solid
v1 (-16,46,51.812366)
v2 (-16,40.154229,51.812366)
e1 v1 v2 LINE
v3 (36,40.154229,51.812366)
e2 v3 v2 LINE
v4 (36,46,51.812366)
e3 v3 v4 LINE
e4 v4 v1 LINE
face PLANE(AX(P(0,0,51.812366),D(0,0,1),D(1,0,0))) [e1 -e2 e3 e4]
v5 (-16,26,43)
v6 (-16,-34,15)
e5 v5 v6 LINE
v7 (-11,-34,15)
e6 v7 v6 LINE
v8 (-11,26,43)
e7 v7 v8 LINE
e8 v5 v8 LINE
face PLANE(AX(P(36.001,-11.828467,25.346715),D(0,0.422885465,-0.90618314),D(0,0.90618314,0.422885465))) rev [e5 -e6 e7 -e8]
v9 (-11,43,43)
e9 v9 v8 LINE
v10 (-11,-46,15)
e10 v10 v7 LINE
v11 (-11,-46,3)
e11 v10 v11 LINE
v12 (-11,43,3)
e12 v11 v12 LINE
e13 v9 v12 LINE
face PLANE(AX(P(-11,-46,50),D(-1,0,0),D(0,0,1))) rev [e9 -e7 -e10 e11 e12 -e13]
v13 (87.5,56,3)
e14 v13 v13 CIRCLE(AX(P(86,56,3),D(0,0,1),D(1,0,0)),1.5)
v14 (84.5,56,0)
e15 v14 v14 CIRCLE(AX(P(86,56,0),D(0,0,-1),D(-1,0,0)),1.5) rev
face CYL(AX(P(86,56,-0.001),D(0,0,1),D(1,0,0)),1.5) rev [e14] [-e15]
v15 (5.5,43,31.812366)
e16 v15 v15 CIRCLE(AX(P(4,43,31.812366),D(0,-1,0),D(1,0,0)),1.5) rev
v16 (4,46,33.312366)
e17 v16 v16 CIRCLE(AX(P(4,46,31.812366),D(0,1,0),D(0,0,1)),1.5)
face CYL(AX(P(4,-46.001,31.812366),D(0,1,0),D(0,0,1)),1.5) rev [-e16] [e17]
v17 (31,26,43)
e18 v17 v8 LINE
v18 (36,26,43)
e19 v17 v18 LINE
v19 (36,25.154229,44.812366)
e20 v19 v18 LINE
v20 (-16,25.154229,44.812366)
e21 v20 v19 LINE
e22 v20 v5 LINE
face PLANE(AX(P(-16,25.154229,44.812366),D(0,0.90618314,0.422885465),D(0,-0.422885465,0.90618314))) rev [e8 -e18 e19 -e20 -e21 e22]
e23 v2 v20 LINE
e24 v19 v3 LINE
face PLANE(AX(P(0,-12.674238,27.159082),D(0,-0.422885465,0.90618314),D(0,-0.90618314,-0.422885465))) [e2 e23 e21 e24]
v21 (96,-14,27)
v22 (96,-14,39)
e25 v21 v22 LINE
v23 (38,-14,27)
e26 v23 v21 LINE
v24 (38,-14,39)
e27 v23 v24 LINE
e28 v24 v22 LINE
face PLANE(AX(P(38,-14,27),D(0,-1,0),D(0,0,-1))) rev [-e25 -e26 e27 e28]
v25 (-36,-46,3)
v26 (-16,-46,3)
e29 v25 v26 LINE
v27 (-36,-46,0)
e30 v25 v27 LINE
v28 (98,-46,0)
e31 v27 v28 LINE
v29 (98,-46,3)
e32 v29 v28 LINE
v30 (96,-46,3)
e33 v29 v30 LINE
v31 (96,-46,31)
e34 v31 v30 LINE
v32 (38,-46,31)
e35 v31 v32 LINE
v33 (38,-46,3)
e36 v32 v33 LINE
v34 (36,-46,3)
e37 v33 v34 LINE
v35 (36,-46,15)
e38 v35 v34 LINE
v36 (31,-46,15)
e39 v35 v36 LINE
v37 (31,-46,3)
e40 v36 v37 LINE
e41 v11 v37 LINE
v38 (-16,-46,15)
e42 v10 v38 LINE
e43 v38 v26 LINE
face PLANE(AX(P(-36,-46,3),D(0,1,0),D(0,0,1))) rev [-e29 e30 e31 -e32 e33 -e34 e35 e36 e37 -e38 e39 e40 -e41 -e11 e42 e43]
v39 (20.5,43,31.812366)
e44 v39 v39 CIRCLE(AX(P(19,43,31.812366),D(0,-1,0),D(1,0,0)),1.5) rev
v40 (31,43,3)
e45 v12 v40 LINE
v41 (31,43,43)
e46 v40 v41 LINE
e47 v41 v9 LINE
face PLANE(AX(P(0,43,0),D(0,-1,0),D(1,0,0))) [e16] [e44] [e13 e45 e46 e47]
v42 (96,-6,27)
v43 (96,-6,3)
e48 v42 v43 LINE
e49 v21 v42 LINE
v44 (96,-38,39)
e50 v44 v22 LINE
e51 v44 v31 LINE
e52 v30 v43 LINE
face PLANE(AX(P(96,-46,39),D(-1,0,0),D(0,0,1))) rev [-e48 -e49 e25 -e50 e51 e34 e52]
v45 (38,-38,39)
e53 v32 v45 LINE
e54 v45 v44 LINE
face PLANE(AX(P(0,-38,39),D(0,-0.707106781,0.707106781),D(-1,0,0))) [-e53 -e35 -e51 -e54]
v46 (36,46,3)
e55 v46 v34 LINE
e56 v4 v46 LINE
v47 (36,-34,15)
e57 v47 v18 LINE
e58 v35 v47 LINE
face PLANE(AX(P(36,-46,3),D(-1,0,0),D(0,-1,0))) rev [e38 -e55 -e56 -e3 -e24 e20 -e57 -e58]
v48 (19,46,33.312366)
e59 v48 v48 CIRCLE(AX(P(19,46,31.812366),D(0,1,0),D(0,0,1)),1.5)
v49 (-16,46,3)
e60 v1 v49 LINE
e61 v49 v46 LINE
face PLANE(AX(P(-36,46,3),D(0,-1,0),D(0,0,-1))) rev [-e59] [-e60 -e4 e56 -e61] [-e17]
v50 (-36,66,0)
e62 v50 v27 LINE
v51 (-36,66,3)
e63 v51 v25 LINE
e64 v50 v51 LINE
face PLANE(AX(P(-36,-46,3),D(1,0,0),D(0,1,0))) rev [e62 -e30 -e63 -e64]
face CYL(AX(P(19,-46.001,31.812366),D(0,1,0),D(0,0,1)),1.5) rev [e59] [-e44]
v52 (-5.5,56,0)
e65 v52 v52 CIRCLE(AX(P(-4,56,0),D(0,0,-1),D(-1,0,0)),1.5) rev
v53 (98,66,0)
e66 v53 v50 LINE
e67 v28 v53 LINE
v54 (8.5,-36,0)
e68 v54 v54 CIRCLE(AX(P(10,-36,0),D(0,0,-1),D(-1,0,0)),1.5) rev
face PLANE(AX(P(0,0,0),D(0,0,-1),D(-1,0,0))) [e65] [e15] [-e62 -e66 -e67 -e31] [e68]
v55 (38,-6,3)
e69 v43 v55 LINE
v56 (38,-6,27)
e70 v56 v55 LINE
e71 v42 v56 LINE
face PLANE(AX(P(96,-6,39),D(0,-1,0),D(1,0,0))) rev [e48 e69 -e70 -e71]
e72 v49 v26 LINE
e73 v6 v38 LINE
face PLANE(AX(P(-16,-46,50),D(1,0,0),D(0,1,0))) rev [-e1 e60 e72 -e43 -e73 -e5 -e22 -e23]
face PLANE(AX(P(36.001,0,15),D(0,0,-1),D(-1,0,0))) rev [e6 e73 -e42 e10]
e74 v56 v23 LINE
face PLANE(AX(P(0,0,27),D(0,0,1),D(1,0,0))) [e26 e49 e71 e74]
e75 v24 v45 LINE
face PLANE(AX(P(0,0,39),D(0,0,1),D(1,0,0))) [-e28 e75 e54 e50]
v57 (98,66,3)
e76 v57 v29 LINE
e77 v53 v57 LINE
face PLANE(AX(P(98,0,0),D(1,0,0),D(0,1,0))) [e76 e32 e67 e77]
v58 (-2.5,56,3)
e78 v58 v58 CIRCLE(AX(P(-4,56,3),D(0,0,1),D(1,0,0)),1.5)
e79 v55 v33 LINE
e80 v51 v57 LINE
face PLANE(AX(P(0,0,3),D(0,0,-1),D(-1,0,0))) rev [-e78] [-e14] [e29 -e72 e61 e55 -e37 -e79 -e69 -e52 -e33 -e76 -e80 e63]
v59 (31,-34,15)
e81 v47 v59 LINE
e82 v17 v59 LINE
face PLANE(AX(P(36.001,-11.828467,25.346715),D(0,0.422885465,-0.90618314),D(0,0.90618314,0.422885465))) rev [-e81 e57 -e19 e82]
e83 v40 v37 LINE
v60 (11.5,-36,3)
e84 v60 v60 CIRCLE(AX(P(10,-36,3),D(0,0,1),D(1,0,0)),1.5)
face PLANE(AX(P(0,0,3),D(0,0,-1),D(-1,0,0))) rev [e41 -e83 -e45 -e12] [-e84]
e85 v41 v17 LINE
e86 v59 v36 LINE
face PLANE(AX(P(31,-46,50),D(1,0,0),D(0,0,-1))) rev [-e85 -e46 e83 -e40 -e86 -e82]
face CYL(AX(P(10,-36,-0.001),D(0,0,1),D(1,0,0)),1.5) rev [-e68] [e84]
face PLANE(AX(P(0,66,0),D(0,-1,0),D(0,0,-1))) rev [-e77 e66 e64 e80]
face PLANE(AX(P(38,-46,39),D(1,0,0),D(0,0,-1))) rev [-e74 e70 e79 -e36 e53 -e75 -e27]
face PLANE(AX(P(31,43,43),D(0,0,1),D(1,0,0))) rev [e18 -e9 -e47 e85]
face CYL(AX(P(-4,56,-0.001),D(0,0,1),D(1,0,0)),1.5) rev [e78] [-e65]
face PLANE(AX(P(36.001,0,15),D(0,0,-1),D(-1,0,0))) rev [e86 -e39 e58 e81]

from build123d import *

# Parameters (mm, degrees)
SKETCH1_W           = 72
SKETCH1_H           = 92
BOSS_EXTRUDE1_DEPTH = 3
SKETCH2_W           = 5
SKETCH2_H           = 92
BOSS_EXTRUDE2_DEPTH = 47
BOSS_EXTRUDE3_REACH = 52
SKETCH3_W           = 52
SKETCH3_H           = 20
CUT_EXTRUDE3_REACH  = 54
SKETCH8_W           = 52
SKETCH8_H           = 16.552945357
BOSS_EXTRUDE5_DEPTH = 2
SKETCH9_W           = 52
SKETCH9_H           = 5
SKETCH9_H_2         = 0.845770931
BOSS_EXTRUDE6_DEPTH = 1.812366
SKETCH10_W          = 42
SKETCH10_H          = 40
CUT_EXTRUDE4_DEPTH  = 17
CUT_EXTRUDE5_REACH  = 94
SKETCH12_R          = 1.5
SKETCH13_W          = 72
SKETCH13_H          = 3
BOSS_EXTRUDE7_DEPTH = 20
SKETCH15_W          = 3
SKETCH15_H          = 112
BOSS_EXTRUDE8_DEPTH = 62
SKETCH17_W          = 58
SKETCH17_H          = 40
BOSS_EXTRUDE9_DEPTH = 36
CHAMFER1_SIZE       = 8
SKETCH18_W          = 58
SKETCH18_H          = 8
CUT_EXTRUDE8_DEPTH  = 12
CUT_EXTRUDE9_REACH  = 5
SKETCH14_R          = 1.5


with BuildPart() as part:
    # Sketch1 → Boss-Extrude1 (new body)
    with BuildSketch(Plane.XY):
        Rectangle(SKETCH1_W, SKETCH1_H)
    extrude(amount=BOSS_EXTRUDE1_DEPTH)

    # Sketch2 → Boss-Extrude2 (add)
    with BuildSketch(Plane.XY.offset(3)):
        with Locations((33.5, 0)):
            Rectangle(SKETCH2_W, SKETCH2_H)
        with Locations((-13.5, 0)):
            Rectangle(SKETCH2_W, SKETCH2_H)
    extrude(amount=BOSS_EXTRUDE2_DEPTH)

    # Sketch3 → Boss-Extrude3 (add, up to next)
    with BuildSketch(Plane.XY.offset(50), mode=Mode.PRIVATE) as boss_extrude3_sk1:
        with Locations((10, 36)):
            Rectangle(SKETCH3_W, SKETCH3_H)
    boss_extrude3_tool1 = extrude(boss_extrude3_sk1.sketch, amount=-BOSS_EXTRUDE3_REACH, mode=Mode.PRIVATE) - part.part
    add(boss_extrude3_tool1.solids().sort_by_distance((10, 36, 50))[0])

    # Sketch7 → Cut-Extrude3 (cut, up to next)
    with BuildSketch(Plane.ZY.offset(16), mode=Mode.PRIVATE) as cut_extrude3_sk1:
        Polygon((50, 41), (15, -34), (15, -46), (50, -46), align=None)
    cut_extrude3_tool1 = extrude(cut_extrude3_sk1.sketch, amount=-CUT_EXTRUDE3_REACH, mode=Mode.PRIVATE) & part.part
    add(cut_extrude3_tool1.solids().sort_by_distance((-16, -16.515152, 36.919192))[0], mode=Mode.SUBTRACT)

    # Sketch8 → Boss-Extrude5 (add)
    with BuildSketch(Plane(origin=(0, -11.828467153, 25.346715328), x_dir=(1, 0, 0), z_dir=(0, -0.422885465, 0.90618314))):
        with Locations((10, 50.021309328)):
            Rectangle(SKETCH8_W, SKETCH8_H)
    extrude(amount=BOSS_EXTRUDE5_DEPTH)

    # Sketch9 → Boss-Extrude6 (add)
    with BuildSketch(Plane.XY.offset(50)):
        with Locations((10, 43.5)):
            Rectangle(SKETCH9_W, SKETCH9_H)
        with Locations((10, 40.577114534)):
            Rectangle(SKETCH9_W, SKETCH9_H_2)
    extrude(amount=BOSS_EXTRUDE6_DEPTH)

    # Sketch10 → Cut-Extrude4 (cut)
    with BuildSketch(Plane.XZ.offset(-26)):
        with Locations((10, 23)):
            Rectangle(SKETCH10_W, SKETCH10_H)
    extrude(amount=-CUT_EXTRUDE4_DEPTH, mode=Mode.SUBTRACT)

    # Sketch12 → Cut-Extrude5 (cut, up to next)
    with BuildSketch(Plane(origin=(0, 46, 0), x_dir=(1, 0, 0), z_dir=(0, 1, 0)), mode=Mode.PRIVATE) as cut_extrude5_sk1:
        with Locations((4, -31.81236628)):
            Circle(SKETCH12_R)
    cut_extrude5_tool1 = extrude(cut_extrude5_sk1.sketch, amount=-CUT_EXTRUDE5_REACH, mode=Mode.PRIVATE) & part.part
    add(cut_extrude5_tool1.solids().sort_by_distance((4, 46, 31.812366))[0], mode=Mode.SUBTRACT)
    # Sketch12 → Cut-Extrude5 (cut, up to next)
    with BuildSketch(Plane(origin=(0, 46, 0), x_dir=(1, 0, 0), z_dir=(0, 1, 0)), mode=Mode.PRIVATE) as cut_extrude5_sk2:
        with Locations((19, -31.81236628)):
            Circle(SKETCH12_R)
    cut_extrude5_tool2 = extrude(cut_extrude5_sk2.sketch, amount=-CUT_EXTRUDE5_REACH, mode=Mode.PRIVATE) & part.part
    add(cut_extrude5_tool2.solids().sort_by_distance((19, 46, 31.812366))[0], mode=Mode.SUBTRACT)

    # Sketch13 → Boss-Extrude7 (add)
    with BuildSketch(Plane(origin=(0, 46, 0), x_dir=(1, 0, 0), z_dir=(0, 1, 0))):
        with Locations((0, -1.5)):
            Rectangle(SKETCH13_W, SKETCH13_H)
    extrude(amount=BOSS_EXTRUDE7_DEPTH)

    # Sketch15 → Boss-Extrude8 (add)
    with BuildSketch(Plane(origin=(36, 0, 0), x_dir=(0, 0, -1), z_dir=(1, 0, 0))):
        with Locations((-1.5, 10)):
            Rectangle(SKETCH15_W, SKETCH15_H)
    extrude(amount=BOSS_EXTRUDE8_DEPTH)

    # Sketch17 → Boss-Extrude9 (add)
    with BuildSketch(Plane.XY.offset(3)):
        with Locations((67, -26)):
            Rectangle(SKETCH17_W, SKETCH17_H)
    extrude(amount=BOSS_EXTRUDE9_DEPTH)

    # Chamfer1
    chamfer1_edges = [part.edges().sort_by_distance(p)[0] for p in [
        (67, -46, 39),
    ]]
    chamfer(chamfer1_edges, length=CHAMFER1_SIZE)

    # Sketch18 → Cut-Extrude8 (cut)
    with BuildSketch(Plane.XY.offset(39)):
        with Locations((67, -10)):
            Rectangle(SKETCH18_W, SKETCH18_H)
    extrude(amount=-CUT_EXTRUDE8_DEPTH, mode=Mode.SUBTRACT)

    # Sketch14 → Cut-Extrude9 (cut, up to next)
    with BuildSketch(Plane.XY.offset(3), mode=Mode.PRIVATE) as cut_extrude9_sk1:
        with Locations((86, 56)):
            Circle(SKETCH14_R)
    cut_extrude9_tool1 = extrude(cut_extrude9_sk1.sketch, amount=-CUT_EXTRUDE9_REACH, mode=Mode.PRIVATE) & part.part
    add(cut_extrude9_tool1.solids().sort_by_distance((86, 56, 3))[0], mode=Mode.SUBTRACT)
    # Sketch14 → Cut-Extrude9 (cut, up to next)
    with BuildSketch(Plane.XY.offset(3), mode=Mode.PRIVATE) as cut_extrude9_sk2:
        with Locations((10, -36)):
            Circle(SKETCH14_R)
    cut_extrude9_tool2 = extrude(cut_extrude9_sk2.sketch, amount=-CUT_EXTRUDE9_REACH, mode=Mode.PRIVATE) & part.part
    add(cut_extrude9_tool2.solids().sort_by_distance((10, -36, 3))[0], mode=Mode.SUBTRACT)
    # Sketch14 → Cut-Extrude9 (cut, up to next)
    with BuildSketch(Plane.XY.offset(3), mode=Mode.PRIVATE) as cut_extrude9_sk3:
        with Locations((-4, 56)):
            Circle(SKETCH14_R)
    cut_extrude9_tool3 = extrude(cut_extrude9_sk3.sketch, amount=-CUT_EXTRUDE9_REACH, mode=Mode.PRIVATE) & part.part
    add(cut_extrude9_tool3.solids().sort_by_distance((-4, 56, 3))[0], mode=Mode.SUBTRACT)


solid = part.part
